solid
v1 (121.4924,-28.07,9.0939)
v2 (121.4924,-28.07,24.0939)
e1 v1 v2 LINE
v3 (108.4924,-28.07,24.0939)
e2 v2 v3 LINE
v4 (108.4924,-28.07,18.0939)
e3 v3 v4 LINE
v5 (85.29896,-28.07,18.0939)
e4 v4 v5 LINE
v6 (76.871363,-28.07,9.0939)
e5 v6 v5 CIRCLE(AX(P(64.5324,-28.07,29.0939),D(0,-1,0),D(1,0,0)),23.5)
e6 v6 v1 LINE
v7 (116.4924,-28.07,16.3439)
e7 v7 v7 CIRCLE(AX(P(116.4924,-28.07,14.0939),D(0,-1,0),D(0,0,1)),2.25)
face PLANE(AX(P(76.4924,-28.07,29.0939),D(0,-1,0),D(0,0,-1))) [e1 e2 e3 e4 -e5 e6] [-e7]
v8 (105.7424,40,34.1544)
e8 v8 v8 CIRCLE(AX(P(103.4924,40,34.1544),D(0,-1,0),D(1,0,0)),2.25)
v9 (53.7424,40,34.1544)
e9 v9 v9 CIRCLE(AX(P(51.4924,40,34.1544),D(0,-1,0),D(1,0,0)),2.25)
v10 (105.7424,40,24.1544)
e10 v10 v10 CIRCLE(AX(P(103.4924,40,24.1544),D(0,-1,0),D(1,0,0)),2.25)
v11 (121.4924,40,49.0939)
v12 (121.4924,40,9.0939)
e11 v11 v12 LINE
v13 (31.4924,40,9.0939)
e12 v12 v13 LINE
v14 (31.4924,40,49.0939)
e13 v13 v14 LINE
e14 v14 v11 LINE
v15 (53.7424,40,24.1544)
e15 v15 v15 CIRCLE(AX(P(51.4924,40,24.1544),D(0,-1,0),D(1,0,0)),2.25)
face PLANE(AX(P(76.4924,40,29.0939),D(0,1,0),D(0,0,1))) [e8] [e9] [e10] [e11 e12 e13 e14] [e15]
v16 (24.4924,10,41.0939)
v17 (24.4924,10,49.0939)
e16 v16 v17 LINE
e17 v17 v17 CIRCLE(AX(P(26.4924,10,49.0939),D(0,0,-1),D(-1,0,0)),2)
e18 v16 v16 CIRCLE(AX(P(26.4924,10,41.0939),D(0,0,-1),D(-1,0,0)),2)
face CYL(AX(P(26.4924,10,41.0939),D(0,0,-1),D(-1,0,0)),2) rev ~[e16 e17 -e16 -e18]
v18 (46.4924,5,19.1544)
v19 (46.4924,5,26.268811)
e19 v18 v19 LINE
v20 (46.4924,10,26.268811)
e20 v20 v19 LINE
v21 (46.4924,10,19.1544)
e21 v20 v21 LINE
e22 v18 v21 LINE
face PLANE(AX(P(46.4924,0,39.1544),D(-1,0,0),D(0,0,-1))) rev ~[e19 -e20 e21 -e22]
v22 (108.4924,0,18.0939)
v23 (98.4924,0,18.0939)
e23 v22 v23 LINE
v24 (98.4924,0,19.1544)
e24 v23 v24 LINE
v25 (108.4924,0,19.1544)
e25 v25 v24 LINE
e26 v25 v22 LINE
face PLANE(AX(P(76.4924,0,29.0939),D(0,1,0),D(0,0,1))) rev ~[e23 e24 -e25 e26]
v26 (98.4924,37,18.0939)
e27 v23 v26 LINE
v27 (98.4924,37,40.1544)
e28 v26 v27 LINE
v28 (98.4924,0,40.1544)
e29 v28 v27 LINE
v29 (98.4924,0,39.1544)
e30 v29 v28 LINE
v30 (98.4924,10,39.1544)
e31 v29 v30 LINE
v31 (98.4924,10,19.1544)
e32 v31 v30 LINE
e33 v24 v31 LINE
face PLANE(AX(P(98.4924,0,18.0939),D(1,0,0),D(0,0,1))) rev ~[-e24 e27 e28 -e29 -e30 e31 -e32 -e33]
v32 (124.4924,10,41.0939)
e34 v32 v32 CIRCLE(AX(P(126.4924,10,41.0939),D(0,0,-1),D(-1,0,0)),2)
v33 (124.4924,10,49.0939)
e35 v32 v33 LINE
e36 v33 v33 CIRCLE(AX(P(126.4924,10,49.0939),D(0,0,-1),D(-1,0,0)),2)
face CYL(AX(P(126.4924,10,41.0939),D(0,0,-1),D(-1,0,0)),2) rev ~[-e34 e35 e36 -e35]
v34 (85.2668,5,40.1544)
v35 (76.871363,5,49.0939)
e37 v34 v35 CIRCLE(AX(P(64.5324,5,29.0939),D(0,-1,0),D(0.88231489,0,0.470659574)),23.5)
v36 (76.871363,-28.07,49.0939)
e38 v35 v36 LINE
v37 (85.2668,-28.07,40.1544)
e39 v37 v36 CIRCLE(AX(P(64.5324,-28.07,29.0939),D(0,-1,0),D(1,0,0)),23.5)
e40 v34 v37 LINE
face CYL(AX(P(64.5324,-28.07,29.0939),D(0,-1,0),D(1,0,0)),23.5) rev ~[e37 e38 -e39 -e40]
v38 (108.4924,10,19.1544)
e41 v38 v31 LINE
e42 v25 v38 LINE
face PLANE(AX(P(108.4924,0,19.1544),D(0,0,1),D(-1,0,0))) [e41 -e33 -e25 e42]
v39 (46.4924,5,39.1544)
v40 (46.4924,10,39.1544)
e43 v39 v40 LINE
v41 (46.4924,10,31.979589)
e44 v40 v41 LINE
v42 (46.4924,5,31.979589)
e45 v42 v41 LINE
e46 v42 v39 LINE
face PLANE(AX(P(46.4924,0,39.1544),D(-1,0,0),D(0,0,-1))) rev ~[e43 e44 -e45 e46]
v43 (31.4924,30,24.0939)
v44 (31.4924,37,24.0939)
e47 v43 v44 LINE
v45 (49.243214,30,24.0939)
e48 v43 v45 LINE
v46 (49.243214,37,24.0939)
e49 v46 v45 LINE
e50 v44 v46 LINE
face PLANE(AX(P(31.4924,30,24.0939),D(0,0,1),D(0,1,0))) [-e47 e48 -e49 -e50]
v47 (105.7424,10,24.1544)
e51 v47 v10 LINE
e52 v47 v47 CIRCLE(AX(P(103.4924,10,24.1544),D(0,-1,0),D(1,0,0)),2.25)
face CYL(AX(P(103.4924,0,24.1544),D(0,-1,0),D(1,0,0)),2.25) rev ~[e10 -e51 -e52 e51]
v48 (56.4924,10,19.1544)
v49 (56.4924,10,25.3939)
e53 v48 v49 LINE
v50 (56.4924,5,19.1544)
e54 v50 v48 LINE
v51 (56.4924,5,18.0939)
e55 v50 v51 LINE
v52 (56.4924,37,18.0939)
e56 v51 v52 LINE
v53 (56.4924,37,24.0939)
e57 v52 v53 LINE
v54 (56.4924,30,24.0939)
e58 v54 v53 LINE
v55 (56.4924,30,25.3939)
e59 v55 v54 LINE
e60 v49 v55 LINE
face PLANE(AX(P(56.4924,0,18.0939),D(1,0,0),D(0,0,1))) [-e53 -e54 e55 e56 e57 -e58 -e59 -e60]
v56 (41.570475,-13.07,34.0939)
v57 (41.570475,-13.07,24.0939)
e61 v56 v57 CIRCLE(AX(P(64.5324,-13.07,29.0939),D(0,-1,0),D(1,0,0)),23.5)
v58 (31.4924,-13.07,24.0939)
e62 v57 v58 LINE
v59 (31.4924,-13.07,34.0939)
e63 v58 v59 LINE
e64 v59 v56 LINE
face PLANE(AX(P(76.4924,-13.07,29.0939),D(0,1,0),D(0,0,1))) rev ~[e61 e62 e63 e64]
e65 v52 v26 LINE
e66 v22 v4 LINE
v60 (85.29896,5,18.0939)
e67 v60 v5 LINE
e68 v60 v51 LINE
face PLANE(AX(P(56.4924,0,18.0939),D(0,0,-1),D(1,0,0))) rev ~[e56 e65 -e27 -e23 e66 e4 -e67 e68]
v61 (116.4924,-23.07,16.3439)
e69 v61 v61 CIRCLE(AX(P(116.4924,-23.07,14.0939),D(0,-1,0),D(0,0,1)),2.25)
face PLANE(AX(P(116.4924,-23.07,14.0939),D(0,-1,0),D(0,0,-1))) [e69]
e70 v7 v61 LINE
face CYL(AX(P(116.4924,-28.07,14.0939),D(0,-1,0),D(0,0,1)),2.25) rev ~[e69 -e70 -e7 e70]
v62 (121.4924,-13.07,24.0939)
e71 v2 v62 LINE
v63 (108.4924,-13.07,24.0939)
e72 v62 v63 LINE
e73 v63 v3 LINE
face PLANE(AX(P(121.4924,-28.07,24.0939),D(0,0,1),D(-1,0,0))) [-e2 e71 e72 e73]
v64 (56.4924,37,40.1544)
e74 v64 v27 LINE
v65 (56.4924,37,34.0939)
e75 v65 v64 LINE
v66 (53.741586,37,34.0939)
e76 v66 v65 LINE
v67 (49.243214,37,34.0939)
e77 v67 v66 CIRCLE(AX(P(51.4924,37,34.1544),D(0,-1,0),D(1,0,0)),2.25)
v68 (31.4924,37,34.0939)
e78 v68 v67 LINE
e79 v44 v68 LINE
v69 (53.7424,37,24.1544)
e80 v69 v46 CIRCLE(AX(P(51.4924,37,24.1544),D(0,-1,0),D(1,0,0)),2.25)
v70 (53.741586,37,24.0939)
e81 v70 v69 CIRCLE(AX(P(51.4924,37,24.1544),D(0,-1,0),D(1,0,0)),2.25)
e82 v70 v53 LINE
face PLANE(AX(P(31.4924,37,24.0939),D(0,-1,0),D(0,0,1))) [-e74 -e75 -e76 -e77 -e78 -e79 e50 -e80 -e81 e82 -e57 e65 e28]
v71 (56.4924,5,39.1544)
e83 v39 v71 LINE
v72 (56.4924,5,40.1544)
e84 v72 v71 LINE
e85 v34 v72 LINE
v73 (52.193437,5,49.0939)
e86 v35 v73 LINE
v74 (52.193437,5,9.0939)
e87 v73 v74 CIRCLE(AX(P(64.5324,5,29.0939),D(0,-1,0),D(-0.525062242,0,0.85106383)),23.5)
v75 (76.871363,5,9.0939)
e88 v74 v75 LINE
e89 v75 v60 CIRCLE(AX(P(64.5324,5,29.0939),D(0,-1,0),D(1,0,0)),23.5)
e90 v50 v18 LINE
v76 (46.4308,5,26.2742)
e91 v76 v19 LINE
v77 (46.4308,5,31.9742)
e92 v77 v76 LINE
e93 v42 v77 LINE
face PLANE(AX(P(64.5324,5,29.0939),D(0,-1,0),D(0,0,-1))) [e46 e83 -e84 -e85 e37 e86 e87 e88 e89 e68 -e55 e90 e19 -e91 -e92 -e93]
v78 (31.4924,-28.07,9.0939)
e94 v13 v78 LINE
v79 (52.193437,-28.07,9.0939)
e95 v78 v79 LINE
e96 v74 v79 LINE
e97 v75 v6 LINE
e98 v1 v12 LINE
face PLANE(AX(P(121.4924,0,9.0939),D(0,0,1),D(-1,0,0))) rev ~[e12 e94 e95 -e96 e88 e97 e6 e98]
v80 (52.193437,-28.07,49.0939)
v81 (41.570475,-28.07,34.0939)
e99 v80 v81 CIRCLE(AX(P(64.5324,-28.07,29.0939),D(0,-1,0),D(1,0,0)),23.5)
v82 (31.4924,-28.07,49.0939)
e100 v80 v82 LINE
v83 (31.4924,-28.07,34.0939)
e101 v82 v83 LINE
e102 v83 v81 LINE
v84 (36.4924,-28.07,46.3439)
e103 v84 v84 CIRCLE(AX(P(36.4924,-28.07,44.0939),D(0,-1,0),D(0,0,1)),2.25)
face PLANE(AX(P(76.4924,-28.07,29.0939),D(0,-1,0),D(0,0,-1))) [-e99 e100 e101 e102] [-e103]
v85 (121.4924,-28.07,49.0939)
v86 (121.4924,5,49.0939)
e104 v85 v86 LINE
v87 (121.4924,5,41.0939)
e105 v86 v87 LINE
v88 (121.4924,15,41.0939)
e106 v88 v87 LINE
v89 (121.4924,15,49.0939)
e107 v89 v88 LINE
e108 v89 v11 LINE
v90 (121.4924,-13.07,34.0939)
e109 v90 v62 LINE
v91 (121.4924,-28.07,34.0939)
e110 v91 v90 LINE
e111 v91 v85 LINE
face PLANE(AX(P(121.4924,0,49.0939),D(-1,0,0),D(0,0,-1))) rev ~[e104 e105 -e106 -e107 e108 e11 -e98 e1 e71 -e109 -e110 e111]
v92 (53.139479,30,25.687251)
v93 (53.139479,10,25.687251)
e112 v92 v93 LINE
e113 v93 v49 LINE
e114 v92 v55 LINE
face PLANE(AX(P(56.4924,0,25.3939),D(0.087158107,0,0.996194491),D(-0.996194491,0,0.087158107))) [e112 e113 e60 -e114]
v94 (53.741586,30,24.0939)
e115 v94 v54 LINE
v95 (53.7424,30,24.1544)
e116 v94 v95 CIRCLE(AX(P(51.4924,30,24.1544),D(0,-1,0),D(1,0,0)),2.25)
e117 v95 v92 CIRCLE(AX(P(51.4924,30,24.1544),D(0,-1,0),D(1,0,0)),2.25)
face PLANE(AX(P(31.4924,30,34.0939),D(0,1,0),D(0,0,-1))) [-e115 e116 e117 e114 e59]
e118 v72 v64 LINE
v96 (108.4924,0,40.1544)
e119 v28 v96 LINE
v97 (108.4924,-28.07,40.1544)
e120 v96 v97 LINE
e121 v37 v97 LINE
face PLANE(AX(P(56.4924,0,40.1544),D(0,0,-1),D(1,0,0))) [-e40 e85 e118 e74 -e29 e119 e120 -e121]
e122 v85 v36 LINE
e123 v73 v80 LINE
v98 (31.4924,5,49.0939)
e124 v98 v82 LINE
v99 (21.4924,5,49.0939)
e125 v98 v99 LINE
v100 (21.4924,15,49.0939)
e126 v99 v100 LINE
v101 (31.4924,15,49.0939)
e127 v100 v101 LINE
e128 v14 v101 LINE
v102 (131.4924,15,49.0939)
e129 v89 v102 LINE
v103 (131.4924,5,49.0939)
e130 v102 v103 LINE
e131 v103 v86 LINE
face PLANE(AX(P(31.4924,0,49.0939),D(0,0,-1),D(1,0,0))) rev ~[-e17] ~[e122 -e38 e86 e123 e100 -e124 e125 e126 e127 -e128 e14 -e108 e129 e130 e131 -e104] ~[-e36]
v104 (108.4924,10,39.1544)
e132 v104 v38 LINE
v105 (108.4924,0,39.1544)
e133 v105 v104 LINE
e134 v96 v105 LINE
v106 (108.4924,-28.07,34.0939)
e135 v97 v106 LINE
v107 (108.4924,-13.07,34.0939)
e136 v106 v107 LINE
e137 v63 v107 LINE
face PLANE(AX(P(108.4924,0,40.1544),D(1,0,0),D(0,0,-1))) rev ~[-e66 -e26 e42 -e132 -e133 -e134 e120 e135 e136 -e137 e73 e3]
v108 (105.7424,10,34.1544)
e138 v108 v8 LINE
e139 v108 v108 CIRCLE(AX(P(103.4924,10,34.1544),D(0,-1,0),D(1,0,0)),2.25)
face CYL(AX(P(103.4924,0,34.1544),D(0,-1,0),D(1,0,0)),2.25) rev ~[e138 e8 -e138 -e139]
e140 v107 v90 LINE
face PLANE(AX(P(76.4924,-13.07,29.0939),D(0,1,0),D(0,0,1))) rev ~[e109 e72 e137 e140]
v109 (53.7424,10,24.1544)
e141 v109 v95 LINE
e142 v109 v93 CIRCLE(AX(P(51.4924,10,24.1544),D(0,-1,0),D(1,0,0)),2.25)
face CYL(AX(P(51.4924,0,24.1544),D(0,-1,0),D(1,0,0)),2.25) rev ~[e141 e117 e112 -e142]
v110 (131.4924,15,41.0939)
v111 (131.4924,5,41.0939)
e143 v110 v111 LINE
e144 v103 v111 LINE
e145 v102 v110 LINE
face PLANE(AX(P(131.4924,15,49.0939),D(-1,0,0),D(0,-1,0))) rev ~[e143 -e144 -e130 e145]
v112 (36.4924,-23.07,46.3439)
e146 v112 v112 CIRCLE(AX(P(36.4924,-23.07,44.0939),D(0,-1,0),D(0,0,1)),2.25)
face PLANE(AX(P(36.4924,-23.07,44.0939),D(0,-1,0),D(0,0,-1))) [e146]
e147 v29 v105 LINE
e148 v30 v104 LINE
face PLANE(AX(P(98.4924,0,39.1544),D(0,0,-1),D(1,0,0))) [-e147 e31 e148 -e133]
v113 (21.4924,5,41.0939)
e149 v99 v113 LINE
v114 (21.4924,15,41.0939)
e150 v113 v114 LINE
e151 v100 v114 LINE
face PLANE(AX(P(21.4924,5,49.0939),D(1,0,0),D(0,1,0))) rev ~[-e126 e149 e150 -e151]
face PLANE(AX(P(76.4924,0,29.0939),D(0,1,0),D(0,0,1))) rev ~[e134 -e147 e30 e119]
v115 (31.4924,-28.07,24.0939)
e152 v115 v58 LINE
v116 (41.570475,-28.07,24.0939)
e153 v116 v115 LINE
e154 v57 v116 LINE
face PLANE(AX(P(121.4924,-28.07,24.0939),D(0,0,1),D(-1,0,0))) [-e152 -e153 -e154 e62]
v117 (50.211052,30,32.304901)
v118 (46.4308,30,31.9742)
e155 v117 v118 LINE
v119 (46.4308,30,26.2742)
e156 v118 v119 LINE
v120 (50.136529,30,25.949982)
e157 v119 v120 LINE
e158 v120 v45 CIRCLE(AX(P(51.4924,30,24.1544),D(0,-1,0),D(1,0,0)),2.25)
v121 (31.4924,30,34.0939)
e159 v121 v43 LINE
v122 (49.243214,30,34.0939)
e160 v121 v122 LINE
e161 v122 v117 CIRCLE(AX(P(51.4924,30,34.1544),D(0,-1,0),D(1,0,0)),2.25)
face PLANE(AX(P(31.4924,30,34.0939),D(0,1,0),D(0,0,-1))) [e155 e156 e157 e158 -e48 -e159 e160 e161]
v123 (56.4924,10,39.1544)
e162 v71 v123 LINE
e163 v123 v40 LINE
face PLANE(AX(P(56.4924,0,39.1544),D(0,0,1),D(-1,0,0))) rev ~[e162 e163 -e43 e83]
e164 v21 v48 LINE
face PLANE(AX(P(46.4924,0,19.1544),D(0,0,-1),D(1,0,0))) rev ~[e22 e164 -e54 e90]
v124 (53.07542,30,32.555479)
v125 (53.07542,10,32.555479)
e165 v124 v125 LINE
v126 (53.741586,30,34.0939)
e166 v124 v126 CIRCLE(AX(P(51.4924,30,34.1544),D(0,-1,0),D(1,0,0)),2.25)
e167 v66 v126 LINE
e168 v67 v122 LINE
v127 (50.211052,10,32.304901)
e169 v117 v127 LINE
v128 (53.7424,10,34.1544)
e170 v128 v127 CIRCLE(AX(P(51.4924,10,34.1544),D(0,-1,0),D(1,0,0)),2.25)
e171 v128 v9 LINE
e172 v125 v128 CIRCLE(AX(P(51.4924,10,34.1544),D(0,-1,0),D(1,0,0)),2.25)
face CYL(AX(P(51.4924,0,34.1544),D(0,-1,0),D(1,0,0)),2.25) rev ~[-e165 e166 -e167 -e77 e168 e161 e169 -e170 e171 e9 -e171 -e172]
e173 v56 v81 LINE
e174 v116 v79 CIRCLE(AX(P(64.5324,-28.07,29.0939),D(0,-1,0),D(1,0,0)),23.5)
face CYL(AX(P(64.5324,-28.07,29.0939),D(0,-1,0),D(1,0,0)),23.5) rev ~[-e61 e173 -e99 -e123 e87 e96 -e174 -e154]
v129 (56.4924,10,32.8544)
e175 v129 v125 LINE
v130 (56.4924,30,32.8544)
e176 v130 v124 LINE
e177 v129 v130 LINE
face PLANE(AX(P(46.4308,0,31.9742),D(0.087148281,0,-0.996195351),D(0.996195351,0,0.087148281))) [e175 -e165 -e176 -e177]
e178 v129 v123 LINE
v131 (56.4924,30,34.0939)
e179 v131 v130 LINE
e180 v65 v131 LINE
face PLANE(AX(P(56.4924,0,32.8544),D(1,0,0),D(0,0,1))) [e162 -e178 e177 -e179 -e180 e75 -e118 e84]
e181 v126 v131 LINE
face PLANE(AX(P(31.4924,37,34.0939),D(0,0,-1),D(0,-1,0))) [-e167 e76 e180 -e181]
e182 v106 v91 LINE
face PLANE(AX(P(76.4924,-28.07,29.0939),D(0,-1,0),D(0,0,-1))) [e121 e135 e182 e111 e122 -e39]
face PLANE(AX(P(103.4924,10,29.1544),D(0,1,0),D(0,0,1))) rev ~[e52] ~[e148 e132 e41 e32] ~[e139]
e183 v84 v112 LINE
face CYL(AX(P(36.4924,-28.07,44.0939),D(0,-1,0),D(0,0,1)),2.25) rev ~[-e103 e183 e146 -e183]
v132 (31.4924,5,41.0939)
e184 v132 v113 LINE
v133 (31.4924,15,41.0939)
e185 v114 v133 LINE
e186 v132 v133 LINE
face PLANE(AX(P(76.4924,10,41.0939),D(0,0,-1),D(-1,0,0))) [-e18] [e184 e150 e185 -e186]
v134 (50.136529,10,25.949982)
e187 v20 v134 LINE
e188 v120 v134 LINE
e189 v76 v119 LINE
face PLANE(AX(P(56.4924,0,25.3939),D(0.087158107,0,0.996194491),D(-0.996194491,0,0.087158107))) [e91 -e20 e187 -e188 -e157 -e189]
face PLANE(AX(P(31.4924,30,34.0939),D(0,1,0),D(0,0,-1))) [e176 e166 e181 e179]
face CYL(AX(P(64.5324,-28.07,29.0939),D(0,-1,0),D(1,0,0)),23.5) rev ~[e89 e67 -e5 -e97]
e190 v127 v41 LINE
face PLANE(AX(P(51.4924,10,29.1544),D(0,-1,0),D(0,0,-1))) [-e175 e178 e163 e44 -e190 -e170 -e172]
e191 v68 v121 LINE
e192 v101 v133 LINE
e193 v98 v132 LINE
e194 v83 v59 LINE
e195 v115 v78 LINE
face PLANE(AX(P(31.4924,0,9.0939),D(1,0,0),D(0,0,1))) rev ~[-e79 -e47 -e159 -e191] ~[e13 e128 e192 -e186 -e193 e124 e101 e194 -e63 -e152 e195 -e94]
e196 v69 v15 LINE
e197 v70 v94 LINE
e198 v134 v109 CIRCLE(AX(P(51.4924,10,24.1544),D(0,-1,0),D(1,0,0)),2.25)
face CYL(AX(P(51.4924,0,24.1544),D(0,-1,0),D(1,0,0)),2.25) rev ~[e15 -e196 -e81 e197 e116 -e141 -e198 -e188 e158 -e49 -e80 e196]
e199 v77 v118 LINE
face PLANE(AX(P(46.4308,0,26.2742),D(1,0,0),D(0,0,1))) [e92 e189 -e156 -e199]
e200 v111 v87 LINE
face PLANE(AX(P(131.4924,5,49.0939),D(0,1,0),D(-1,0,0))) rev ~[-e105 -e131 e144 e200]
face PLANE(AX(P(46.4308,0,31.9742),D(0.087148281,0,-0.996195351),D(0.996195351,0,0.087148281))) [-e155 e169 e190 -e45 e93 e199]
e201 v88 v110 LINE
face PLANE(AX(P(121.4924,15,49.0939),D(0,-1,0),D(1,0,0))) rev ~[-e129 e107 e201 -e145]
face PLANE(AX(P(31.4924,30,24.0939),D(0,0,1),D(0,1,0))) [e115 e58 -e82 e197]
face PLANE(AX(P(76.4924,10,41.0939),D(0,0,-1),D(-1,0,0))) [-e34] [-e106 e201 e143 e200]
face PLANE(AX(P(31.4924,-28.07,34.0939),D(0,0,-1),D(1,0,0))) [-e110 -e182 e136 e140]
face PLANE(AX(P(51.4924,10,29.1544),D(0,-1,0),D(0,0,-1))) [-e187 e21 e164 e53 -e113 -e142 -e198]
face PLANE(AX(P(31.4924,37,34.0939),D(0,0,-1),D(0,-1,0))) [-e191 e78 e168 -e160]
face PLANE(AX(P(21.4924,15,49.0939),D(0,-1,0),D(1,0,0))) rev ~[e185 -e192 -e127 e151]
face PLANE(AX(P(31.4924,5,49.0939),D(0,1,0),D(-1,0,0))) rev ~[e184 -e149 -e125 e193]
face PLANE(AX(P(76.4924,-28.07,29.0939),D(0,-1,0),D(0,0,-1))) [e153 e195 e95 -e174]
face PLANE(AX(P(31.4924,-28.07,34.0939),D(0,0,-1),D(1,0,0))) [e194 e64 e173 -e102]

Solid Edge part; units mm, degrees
sketch "Sketch1" plane through (0, 0, 0) normal (0, -1, 0) x (1, 0, 0)
  line L0 (31.4924, 49.0939) -> (121.4924, 49.0939)
  line L1 (121.4924, 49.0939) -> (121.4924, 9.0939)
  line L2 (121.4924, 9.0939) -> (31.4924, 9.0939)
  line L3 (31.4924, 9.0939) -> (31.4924, 49.0939)
  dimension "D1" = 90
  dimension "D2" = 40
extrude "Protrusion1" add sketch "Sketch1" against normal blind 40
sketch "Sketch2" plane through (64.4924, 0, 22.0939) normal (0, -1, 0) x (1, 0, 0)
  line L0 (-18.0616, 9.8803) -> (-8, 10.7605)
  line L1 (-8, 10.7605) -> (-8, 18.0605)
  line L2 (-8, 18.0605) -> (34, 18.0605)
  line L3 (34, -4) -> (34, 18.0605)
  line L4 (-8, -4) -> (34, -4)
  line L5 (-8, -4) -> (-8, 3.3)
  line L6 (-8, 3.3) -> (-18.0616, 4.1803)
  line L7 (-18.0616, 4.1803) -> (-18.0616, 9.8803)
extrude "ExtrudedCutout_4" cut sketch "Sketch2" against normal blind 37
sketch "Sketch3" plane through (31.4924, 20, 22.0939) normal (-1, 0, 0) x (0, -1, 0)
  line L0 (-17, 2) -> (-17, 12)
  line L1 (-17, 12) -> (-10, 12)
  line L2 (-10, 12) -> (-10, 2)
  line L3 (-10, 2) -> (-17, 2)
  dimension "D1" = 10
  dimension "D2" = 7
  dimension "D3" = 10
  dimension "D4" = 3
  dimension "D5" = 15
extrude "Cutout1" cut sketch "Sketch3" against normal up to next
sketch "Sketch4" plane through (64.4924, 0, 22.0939) normal (0, -1, 0) x (1, 0, 0)
  line L0 (-8, 17.0605) -> (-18, 17.0605)
  line L1 (-18, 17.0605) -> (-18, -2.9395)
  line L2 (-18, -2.9395) -> (-8, -2.9395)
  line L3 (-8, -2.9395) -> (-8, 17.0605)
  line L4 (34, 17.0605) -> (44, 17.0605)
  line L5 (44, 17.0605) -> (44, -2.9395)
  line L6 (44, -2.9395) -> (34, -2.9395)
  line L7 (34, -2.9395) -> (34, 17.0605)
  dimension "D1" = 1
  dimension "D2" = 20
  dimension "D3" = 1
  dimension "D4" = 10
  dimension "D5" = 20
  dimension "D6" = 10
extrude "ExtrudedCutout_6" cut sketch "Sketch4" against normal blind 10
sketch "Sketch5" plane through (91.2324, 10, 21.645) normal (0, -1, 0) x (1, 0, 0)
  circle A0 centre (12.26, 12.5095) radius 1.65
  circle A1 centre (-39.74, 12.5095) radius 1.65
  circle A2 centre (-39.74, 2.5095) radius 1.65
  circle A3 centre (12.26, 2.5095) radius 1.65
  dimension "D1" = 5
  dimension "D2" = 3.3
  dimension "D3" = 5
  dimension "D4" = 10
  dimension "D5" = 5
  dimension "D6" = 10
  dimension "D7" = 5
extrude "Cutout2" cut sketch "Sketch5" against normal through all
sketch "Sketch6" plane through (64.4924, 0, 22.0939) normal (0, -1, 0) x (1, 0, 0)
  circle A0 centre (39, 2.0605) radius 2.25
  circle A1 centre (-13, 12.0605) radius 2.25
  circle A2 centre (-13, 2.0605) radius 2.25
  circle A3 centre (39, 12.0605) radius 2.25
extrude "Cutout3" cut sketch "Sketch6" against normal up to next
sketch "Sketch7" plane through (68.9924, 0, 22.0939) normal (0, -1, 0) x (1, 0, 0)
  line L0 (-37.5, 27) -> (-37.5, -13)
  line L1 (-37.5, -13) -> (52.5, -13)
  line L2 (52.5, -13) -> (52.5, 27)
  line L3 (52.5, 27) -> (-37.5, 27)
  line L4 (-22.5616, 13.0605) -> (-22.5616, 18.0605)
  line L5 (-22.5616, 18.0605) -> (39.5, 18.0605)
  line L6 (39.5, 18.0605) -> (39.5, -4)
  line L7 (39.5, -4) -> (-22.5616, -4)
  line L8 (-22.5616, 13.0605) -> (-22.5616, -4)
extrude "ExtrudedProtrusion_4" add sketch "Sketch7" along normal blind 28.07
sketch "Sketch8" plane through (68.9924, -28.07, 22.0939) normal (0, -1, 0) x (1, 0, 0)
  circle A0 centre (-4.46, 7) radius 23.5
  dimension "D1" = 33.04
  dimension "D2" = 47
extrude "ExtrudedCutout_9" cut sketch "Sketch8" against normal blind 33.07
sketch "Sketch9" plane through (41.8429, -28.07, 29.0939) normal (0, -1, 0) x (0, 0, 1)
  line L0 (0, 10.3505) -> (5, 10.3505)
  line L1 (5, 10.3505) -> (5, -79.6495)
  line L2 (5, -79.6495) -> (0, -79.6495)
  line L3 (0, -79.6495) -> (-5, -79.6495)
  line L4 (-5, -79.6495) -> (-5, 10.3505)
  line L5 (-5, 10.3505) -> (0, 10.3505)
  dimension "D1" = 5
  dimension "D2" = 5
extrude "Cutout4" cut sketch "Sketch9" against normal blind 15
sketch "Sketch10" plane through (41.8429, -28.07, 41.5939) normal (0, -1, 0) x (0, 0, 1)
  circle A0 centre (2.5, 5.3505) radius 2.25
  circle A1 centre (-27.5, -74.6495) radius 2.25
  dimension "D1" = 5
  dimension "D2" = 5
  dimension "D3" = 4.5
  dimension "D4" = 5
  dimension "D5" = 5
extrude "ExtrudedCutout_13" cut sketch "Sketch10" against normal blind 5
sketch "Sketch11" plane through (76.4924, 5.965, 49.0939) normal (0, 0, 1) x (-1, 0, 0)
  line L0 (-0.379, 0.965) -> (24.299, 0.965)
  line L1 (24.299, 0.965) -> (45, 0.965)
  line L2 (45, 0.965) -> (55, 0.965)
  line L3 (55, 0.965) -> (55, -9.035)
  line L4 (55, -9.035) -> (45, -9.035)
  line L5 (45, -9.035) -> (-45, -9.035)
  line L6 (-45, -9.035) -> (-55, -9.035)
  line L7 (-55, -9.035) -> (-55, 0.965)
  line L8 (-55, 0.965) -> (-45, 0.965)
  line L9 (-45, 0.965) -> (-0.379, 0.965)
  dimension "D1" = 10
  dimension "D2" = 10
  dimension "D3" = 10
  dimension "D4" = 10
extrude "ExtrudedProtrusion_9" add sketch "Sketch11" against normal blind 8
sketch "Sketch12" plane through (26.4924, 10, 41.0939) normal (0, 0, -1) x (-1, 0, 0)
  circle A0 centre (0, 0) radius 2
  circle A1 centre (-100, 0) radius 2
  dimension "D1" = 4
  dimension "D2" = 5
  dimension "D3" = 5
  dimension "D4" = 4
  dimension "D5" = 5
  dimension "D6" = 5
extrude "Cutout5" cut sketch "Sketch12" against normal through all
